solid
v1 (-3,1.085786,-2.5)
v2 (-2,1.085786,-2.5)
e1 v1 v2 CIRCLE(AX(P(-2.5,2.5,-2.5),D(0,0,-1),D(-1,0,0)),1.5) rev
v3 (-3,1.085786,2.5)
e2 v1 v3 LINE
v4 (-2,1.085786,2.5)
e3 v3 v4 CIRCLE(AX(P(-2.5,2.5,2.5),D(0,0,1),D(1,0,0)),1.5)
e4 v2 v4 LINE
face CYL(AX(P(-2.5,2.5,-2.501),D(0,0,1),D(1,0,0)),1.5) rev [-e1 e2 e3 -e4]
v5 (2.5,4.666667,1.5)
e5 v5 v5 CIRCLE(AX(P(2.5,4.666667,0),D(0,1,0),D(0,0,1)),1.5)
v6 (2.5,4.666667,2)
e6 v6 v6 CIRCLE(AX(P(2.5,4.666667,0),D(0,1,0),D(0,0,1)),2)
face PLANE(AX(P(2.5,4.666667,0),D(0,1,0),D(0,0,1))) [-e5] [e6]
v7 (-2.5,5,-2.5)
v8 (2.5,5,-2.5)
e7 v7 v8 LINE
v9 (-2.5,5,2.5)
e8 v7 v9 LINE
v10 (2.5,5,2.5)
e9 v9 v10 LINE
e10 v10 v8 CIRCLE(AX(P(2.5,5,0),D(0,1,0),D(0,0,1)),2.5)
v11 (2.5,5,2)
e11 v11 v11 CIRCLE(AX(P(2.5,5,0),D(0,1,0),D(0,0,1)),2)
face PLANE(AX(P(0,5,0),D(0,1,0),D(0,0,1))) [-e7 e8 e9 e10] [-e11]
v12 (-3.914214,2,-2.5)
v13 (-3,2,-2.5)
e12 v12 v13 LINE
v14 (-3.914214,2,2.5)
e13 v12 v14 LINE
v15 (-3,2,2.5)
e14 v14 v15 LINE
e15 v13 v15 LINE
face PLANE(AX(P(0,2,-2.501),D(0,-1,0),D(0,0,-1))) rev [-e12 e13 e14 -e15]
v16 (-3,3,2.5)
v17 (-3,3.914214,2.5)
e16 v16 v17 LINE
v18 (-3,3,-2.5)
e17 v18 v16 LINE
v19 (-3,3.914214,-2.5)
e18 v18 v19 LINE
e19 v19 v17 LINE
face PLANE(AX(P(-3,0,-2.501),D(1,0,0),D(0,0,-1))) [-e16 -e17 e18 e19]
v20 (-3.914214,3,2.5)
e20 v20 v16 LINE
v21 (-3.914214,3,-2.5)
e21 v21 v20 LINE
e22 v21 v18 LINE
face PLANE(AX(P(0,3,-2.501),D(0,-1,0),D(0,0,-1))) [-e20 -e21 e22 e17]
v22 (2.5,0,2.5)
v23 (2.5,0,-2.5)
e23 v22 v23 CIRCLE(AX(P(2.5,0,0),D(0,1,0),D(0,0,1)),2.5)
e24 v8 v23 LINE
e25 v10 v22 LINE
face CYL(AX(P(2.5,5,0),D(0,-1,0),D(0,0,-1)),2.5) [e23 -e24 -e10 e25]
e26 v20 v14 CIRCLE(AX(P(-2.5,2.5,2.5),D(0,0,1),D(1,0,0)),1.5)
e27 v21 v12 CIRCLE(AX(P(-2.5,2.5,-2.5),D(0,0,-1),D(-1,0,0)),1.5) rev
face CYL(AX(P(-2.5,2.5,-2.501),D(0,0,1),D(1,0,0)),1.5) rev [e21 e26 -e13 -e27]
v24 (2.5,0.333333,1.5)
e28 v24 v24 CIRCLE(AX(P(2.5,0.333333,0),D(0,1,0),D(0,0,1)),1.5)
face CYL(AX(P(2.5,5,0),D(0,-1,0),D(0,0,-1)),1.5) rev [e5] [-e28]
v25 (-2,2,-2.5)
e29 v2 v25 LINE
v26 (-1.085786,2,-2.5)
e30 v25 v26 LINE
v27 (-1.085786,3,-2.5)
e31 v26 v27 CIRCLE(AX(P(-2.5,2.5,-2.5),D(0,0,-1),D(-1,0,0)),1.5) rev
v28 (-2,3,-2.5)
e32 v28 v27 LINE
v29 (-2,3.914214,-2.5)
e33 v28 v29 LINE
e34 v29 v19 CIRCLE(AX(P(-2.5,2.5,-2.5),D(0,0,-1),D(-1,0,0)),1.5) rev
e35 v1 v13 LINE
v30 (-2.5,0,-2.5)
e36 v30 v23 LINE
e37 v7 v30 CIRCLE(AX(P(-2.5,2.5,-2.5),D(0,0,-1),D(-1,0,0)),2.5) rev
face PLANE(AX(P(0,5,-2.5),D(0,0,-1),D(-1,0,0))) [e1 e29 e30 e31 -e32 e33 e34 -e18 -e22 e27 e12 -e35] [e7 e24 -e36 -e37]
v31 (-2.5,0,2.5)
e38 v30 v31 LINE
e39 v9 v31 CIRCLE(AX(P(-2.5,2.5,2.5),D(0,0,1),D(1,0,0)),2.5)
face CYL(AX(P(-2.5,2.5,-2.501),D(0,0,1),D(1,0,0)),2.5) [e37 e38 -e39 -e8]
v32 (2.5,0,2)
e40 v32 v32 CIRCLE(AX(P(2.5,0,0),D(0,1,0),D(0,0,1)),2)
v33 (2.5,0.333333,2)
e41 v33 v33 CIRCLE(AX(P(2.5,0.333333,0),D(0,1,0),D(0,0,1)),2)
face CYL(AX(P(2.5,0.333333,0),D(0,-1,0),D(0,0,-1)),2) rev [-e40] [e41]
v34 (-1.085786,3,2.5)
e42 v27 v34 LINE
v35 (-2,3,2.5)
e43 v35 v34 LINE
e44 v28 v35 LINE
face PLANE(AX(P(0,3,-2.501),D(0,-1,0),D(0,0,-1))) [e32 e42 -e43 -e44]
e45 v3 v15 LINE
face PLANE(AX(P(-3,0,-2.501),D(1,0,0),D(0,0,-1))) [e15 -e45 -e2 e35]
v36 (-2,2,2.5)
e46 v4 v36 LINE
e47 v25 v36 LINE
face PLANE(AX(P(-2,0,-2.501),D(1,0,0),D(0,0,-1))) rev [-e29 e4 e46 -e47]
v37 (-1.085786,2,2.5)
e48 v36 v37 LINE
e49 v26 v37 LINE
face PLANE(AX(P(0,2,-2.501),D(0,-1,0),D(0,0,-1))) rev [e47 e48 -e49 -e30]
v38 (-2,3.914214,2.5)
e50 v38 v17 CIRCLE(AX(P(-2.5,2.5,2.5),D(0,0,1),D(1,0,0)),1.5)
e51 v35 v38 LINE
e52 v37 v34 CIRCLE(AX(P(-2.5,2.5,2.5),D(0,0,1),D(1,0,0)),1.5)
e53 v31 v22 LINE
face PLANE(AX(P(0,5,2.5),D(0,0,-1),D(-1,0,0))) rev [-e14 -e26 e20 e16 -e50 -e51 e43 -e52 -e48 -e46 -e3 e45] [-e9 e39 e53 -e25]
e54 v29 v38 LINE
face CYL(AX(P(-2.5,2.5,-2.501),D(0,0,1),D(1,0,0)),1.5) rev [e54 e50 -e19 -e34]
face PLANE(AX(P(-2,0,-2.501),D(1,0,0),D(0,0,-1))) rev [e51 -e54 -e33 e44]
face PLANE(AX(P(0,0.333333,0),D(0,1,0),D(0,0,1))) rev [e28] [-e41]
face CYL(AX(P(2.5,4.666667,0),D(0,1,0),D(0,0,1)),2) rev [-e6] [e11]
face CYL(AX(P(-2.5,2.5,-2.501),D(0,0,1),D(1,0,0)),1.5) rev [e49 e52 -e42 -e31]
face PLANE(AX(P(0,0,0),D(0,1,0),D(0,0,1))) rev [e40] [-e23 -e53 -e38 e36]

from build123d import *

# Parameters (mm, degrees)
SKETCH1_R           = 2.5
SKETCH1_R_2         = 2
SKETCH1_R_3         = 1.5
BOSS_EXTRUDE1_DEPTH = 5
SKETCH1_3_R         = 2
SKETCH1_3_R_2       = 1.5
CUT_EXTRUDE1_DEPTH  = 0.333333333
SKETCH2_R           = 2
SKETCH2_R_2         = 1.5
CUT_EXTRUDE2_DEPTH  = 0.333333333
CUT_EXTRUDE3_REACH  = 7
SKETCH3_W           = 1
SKETCH3_H           = 1


with BuildPart() as part:
    # Sketch1 → Boss-Extrude1 (new body)
    with BuildSketch(Plane(origin=(0, 0, 0), x_dir=(1, 0, 0), z_dir=(0, 1, 0))):
        with BuildLine():
            Line((-5, 2.5), (-5, -2.5))
            Line((-5, -2.5), (2.5, -2.5))
            ThreePointArc((2.5, -2.5), (0, 0), (2.5, 2.5))
            Line((2.5, 2.5), (-5, 2.5))
        make_face()
        with Locations((2.5, 0)):
            Circle(SKETCH1_R)
        with Locations((2.5, 0)):
            Circle(SKETCH1_R_2, mode=Mode.SUBTRACT)
        with Locations((2.5, 0)):
            Circle(SKETCH1_R_2)
        with Locations((2.5, 0)):
            Circle(SKETCH1_R_3, mode=Mode.SUBTRACT)
    extrude(amount=BOSS_EXTRUDE1_DEPTH)

    # Sketch1<3> → Cut-Extrude1 (cut)
    with BuildSketch(Plane(origin=(0, 0, 0), x_dir=(1, 0, 0), z_dir=(0, 1, 0))):
        with Locations((2.5, 0)):
            Circle(SKETCH1_3_R)
        with Locations((2.5, 0)):
            Circle(SKETCH1_3_R_2, mode=Mode.SUBTRACT)
    extrude(amount=CUT_EXTRUDE1_DEPTH, mode=Mode.SUBTRACT)

    # Sketch2 → Cut-Extrude2 (cut)
    with BuildSketch(Plane(origin=(0, 5, 0), x_dir=(1, 0, 0), z_dir=(0, 1, 0))):
        with Locations((2.5, 0)):
            Circle(SKETCH2_R)
        with Locations((2.5, 0)):
            Circle(SKETCH2_R_2, mode=Mode.SUBTRACT)
    extrude(amount=-CUT_EXTRUDE2_DEPTH, mode=Mode.SUBTRACT)

    # Sketch3 → Cut-Extrude3 (cut, up to next)
    with BuildSketch(Plane.XY.offset(2.5), mode=Mode.PRIVATE) as cut_extrude3_sk1:
        with BuildLine():
            Line((-2.5, 5), (-5, 5))
            Line((-5, 5), (-5, 2.5))
            ThreePointArc((-5, 2.5), (-4.267766953, 4.267766953), (-2.5, 5))
        make_face()
    cut_extrude3_tool1 = extrude(cut_extrude3_sk1.sketch, amount=-CUT_EXTRUDE3_REACH, mode=Mode.PRIVATE) & part.part
    add(cut_extrude3_tool1.solids().sort_by_distance((-4.44158, 4.44158, 2.5))[0], mode=Mode.SUBTRACT)
    # Sketch3 → Cut-Extrude3 (cut, up to next)
    with BuildSketch(Plane.XY.offset(2.5), mode=Mode.PRIVATE) as cut_extrude3_sk2:
        with BuildLine():
            ThreePointArc((-2.5, 0), (-4.267766953, 0.732233047), (-5, 2.5))
            Line((-5, 2.5), (-5, 0))
            Line((-5, 0), (-2.5, 0))
        make_face()
    cut_extrude3_tool2 = extrude(cut_extrude3_sk2.sketch, amount=-CUT_EXTRUDE3_REACH, mode=Mode.PRIVATE) & part.part
    add(cut_extrude3_tool2.solids().sort_by_distance((-4.44158, 0.55842, 2.5))[0], mode=Mode.SUBTRACT)
    # Sketch3 → Cut-Extrude3 (cut, up to next)
    with BuildSketch(Plane.XY.offset(2.5), mode=Mode.PRIVATE) as cut_extrude3_sk3:
        with BuildLine():
            Line((-3.914213562, 2), (-3, 2))
            Line((-3, 2), (-3, 3))
            Line((-3, 3), (-3.914213562, 3))
            ThreePointArc((-3.914213562, 3), (-3.978397839, 2.753652968), (-4, 2.5))
            ThreePointArc((-4, 2.5), (-3.978397839, 2.246347032), (-3.914213562, 2))
        make_face()
    cut_extrude3_tool3 = extrude(cut_extrude3_sk3.sketch, amount=-CUT_EXTRUDE3_REACH, mode=Mode.PRIVATE) & part.part
    add(cut_extrude3_tool3.solids().sort_by_distance((-3.486204, 2.5, 2.5))[0], mode=Mode.SUBTRACT)
    # Sketch3 → Cut-Extrude3 (cut, up to next)
    with BuildSketch(Plane.XY.offset(2.5), mode=Mode.PRIVATE) as cut_extrude3_sk4:
        with BuildLine():
            Line((-3, 3.914213562), (-3, 3))
            Line((-3, 3), (-2, 3))
            Line((-2, 3), (-2, 3.914213562))
            ThreePointArc((-2, 3.914213562), (-2.246347032, 3.978397839), (-2.5, 4))
            ThreePointArc((-2.5, 4), (-2.753652968, 3.978397839), (-3, 3.914213562))
        make_face()
    cut_extrude3_tool4 = extrude(cut_extrude3_sk4.sketch, amount=-CUT_EXTRUDE3_REACH, mode=Mode.PRIVATE) & part.part
    add(cut_extrude3_tool4.solids().sort_by_distance((-2.5, 3.486204, 2.5))[0], mode=Mode.SUBTRACT)
    # Sketch3 → Cut-Extrude3 (cut, up to next)
    with BuildSketch(Plane.XY.offset(2.5), mode=Mode.PRIVATE) as cut_extrude3_sk5:
        with Locations((-2.5, 2.5)):
            Rectangle(SKETCH3_W, SKETCH3_H)
    cut_extrude3_tool5 = extrude(cut_extrude3_sk5.sketch, amount=-CUT_EXTRUDE3_REACH, mode=Mode.PRIVATE) & part.part
    add(cut_extrude3_tool5.solids().sort_by_distance((-2.5, 2.5, 2.5))[0], mode=Mode.SUBTRACT)
    # Sketch3 → Cut-Extrude3 (cut, up to next)
    with BuildSketch(Plane.XY.offset(2.5), mode=Mode.PRIVATE) as cut_extrude3_sk6:
        with BuildLine():
            Line((-2, 3), (-2, 2))
            Line((-2, 2), (-1.085786438, 2))
            ThreePointArc((-1.085786438, 2), (-1.021602161, 2.246347032), (-1, 2.5))
            ThreePointArc((-1, 2.5), (-1.021602161, 2.753652968), (-1.085786438, 3))
            Line((-1.085786438, 3), (-2, 3))
        make_face()
    cut_extrude3_tool6 = extrude(cut_extrude3_sk6.sketch, amount=-CUT_EXTRUDE3_REACH, mode=Mode.PRIVATE) & part.part
    add(cut_extrude3_tool6.solids().sort_by_distance((-1.513796, 2.5, 2.5))[0], mode=Mode.SUBTRACT)
    # Sketch3 → Cut-Extrude3 (cut, up to next)
    with BuildSketch(Plane.XY.offset(2.5), mode=Mode.PRIVATE) as cut_extrude3_sk7:
        with BuildLine():
            ThreePointArc((-3, 1.085786438), (-2.753652968, 1.021602161), (-2.5, 1))
            ThreePointArc((-2.5, 1), (-2.246347032, 1.021602161), (-2, 1.085786438))
            Line((-2, 1.085786438), (-2, 2))
            Line((-2, 2), (-3, 2))
            Line((-3, 2), (-3, 1.085786438))
        make_face()
    cut_extrude3_tool7 = extrude(cut_extrude3_sk7.sketch, amount=-CUT_EXTRUDE3_REACH, mode=Mode.PRIVATE) & part.part
    add(cut_extrude3_tool7.solids().sort_by_distance((-2.5, 1.513796, 2.5))[0], mode=Mode.SUBTRACT)


solid = part.part
